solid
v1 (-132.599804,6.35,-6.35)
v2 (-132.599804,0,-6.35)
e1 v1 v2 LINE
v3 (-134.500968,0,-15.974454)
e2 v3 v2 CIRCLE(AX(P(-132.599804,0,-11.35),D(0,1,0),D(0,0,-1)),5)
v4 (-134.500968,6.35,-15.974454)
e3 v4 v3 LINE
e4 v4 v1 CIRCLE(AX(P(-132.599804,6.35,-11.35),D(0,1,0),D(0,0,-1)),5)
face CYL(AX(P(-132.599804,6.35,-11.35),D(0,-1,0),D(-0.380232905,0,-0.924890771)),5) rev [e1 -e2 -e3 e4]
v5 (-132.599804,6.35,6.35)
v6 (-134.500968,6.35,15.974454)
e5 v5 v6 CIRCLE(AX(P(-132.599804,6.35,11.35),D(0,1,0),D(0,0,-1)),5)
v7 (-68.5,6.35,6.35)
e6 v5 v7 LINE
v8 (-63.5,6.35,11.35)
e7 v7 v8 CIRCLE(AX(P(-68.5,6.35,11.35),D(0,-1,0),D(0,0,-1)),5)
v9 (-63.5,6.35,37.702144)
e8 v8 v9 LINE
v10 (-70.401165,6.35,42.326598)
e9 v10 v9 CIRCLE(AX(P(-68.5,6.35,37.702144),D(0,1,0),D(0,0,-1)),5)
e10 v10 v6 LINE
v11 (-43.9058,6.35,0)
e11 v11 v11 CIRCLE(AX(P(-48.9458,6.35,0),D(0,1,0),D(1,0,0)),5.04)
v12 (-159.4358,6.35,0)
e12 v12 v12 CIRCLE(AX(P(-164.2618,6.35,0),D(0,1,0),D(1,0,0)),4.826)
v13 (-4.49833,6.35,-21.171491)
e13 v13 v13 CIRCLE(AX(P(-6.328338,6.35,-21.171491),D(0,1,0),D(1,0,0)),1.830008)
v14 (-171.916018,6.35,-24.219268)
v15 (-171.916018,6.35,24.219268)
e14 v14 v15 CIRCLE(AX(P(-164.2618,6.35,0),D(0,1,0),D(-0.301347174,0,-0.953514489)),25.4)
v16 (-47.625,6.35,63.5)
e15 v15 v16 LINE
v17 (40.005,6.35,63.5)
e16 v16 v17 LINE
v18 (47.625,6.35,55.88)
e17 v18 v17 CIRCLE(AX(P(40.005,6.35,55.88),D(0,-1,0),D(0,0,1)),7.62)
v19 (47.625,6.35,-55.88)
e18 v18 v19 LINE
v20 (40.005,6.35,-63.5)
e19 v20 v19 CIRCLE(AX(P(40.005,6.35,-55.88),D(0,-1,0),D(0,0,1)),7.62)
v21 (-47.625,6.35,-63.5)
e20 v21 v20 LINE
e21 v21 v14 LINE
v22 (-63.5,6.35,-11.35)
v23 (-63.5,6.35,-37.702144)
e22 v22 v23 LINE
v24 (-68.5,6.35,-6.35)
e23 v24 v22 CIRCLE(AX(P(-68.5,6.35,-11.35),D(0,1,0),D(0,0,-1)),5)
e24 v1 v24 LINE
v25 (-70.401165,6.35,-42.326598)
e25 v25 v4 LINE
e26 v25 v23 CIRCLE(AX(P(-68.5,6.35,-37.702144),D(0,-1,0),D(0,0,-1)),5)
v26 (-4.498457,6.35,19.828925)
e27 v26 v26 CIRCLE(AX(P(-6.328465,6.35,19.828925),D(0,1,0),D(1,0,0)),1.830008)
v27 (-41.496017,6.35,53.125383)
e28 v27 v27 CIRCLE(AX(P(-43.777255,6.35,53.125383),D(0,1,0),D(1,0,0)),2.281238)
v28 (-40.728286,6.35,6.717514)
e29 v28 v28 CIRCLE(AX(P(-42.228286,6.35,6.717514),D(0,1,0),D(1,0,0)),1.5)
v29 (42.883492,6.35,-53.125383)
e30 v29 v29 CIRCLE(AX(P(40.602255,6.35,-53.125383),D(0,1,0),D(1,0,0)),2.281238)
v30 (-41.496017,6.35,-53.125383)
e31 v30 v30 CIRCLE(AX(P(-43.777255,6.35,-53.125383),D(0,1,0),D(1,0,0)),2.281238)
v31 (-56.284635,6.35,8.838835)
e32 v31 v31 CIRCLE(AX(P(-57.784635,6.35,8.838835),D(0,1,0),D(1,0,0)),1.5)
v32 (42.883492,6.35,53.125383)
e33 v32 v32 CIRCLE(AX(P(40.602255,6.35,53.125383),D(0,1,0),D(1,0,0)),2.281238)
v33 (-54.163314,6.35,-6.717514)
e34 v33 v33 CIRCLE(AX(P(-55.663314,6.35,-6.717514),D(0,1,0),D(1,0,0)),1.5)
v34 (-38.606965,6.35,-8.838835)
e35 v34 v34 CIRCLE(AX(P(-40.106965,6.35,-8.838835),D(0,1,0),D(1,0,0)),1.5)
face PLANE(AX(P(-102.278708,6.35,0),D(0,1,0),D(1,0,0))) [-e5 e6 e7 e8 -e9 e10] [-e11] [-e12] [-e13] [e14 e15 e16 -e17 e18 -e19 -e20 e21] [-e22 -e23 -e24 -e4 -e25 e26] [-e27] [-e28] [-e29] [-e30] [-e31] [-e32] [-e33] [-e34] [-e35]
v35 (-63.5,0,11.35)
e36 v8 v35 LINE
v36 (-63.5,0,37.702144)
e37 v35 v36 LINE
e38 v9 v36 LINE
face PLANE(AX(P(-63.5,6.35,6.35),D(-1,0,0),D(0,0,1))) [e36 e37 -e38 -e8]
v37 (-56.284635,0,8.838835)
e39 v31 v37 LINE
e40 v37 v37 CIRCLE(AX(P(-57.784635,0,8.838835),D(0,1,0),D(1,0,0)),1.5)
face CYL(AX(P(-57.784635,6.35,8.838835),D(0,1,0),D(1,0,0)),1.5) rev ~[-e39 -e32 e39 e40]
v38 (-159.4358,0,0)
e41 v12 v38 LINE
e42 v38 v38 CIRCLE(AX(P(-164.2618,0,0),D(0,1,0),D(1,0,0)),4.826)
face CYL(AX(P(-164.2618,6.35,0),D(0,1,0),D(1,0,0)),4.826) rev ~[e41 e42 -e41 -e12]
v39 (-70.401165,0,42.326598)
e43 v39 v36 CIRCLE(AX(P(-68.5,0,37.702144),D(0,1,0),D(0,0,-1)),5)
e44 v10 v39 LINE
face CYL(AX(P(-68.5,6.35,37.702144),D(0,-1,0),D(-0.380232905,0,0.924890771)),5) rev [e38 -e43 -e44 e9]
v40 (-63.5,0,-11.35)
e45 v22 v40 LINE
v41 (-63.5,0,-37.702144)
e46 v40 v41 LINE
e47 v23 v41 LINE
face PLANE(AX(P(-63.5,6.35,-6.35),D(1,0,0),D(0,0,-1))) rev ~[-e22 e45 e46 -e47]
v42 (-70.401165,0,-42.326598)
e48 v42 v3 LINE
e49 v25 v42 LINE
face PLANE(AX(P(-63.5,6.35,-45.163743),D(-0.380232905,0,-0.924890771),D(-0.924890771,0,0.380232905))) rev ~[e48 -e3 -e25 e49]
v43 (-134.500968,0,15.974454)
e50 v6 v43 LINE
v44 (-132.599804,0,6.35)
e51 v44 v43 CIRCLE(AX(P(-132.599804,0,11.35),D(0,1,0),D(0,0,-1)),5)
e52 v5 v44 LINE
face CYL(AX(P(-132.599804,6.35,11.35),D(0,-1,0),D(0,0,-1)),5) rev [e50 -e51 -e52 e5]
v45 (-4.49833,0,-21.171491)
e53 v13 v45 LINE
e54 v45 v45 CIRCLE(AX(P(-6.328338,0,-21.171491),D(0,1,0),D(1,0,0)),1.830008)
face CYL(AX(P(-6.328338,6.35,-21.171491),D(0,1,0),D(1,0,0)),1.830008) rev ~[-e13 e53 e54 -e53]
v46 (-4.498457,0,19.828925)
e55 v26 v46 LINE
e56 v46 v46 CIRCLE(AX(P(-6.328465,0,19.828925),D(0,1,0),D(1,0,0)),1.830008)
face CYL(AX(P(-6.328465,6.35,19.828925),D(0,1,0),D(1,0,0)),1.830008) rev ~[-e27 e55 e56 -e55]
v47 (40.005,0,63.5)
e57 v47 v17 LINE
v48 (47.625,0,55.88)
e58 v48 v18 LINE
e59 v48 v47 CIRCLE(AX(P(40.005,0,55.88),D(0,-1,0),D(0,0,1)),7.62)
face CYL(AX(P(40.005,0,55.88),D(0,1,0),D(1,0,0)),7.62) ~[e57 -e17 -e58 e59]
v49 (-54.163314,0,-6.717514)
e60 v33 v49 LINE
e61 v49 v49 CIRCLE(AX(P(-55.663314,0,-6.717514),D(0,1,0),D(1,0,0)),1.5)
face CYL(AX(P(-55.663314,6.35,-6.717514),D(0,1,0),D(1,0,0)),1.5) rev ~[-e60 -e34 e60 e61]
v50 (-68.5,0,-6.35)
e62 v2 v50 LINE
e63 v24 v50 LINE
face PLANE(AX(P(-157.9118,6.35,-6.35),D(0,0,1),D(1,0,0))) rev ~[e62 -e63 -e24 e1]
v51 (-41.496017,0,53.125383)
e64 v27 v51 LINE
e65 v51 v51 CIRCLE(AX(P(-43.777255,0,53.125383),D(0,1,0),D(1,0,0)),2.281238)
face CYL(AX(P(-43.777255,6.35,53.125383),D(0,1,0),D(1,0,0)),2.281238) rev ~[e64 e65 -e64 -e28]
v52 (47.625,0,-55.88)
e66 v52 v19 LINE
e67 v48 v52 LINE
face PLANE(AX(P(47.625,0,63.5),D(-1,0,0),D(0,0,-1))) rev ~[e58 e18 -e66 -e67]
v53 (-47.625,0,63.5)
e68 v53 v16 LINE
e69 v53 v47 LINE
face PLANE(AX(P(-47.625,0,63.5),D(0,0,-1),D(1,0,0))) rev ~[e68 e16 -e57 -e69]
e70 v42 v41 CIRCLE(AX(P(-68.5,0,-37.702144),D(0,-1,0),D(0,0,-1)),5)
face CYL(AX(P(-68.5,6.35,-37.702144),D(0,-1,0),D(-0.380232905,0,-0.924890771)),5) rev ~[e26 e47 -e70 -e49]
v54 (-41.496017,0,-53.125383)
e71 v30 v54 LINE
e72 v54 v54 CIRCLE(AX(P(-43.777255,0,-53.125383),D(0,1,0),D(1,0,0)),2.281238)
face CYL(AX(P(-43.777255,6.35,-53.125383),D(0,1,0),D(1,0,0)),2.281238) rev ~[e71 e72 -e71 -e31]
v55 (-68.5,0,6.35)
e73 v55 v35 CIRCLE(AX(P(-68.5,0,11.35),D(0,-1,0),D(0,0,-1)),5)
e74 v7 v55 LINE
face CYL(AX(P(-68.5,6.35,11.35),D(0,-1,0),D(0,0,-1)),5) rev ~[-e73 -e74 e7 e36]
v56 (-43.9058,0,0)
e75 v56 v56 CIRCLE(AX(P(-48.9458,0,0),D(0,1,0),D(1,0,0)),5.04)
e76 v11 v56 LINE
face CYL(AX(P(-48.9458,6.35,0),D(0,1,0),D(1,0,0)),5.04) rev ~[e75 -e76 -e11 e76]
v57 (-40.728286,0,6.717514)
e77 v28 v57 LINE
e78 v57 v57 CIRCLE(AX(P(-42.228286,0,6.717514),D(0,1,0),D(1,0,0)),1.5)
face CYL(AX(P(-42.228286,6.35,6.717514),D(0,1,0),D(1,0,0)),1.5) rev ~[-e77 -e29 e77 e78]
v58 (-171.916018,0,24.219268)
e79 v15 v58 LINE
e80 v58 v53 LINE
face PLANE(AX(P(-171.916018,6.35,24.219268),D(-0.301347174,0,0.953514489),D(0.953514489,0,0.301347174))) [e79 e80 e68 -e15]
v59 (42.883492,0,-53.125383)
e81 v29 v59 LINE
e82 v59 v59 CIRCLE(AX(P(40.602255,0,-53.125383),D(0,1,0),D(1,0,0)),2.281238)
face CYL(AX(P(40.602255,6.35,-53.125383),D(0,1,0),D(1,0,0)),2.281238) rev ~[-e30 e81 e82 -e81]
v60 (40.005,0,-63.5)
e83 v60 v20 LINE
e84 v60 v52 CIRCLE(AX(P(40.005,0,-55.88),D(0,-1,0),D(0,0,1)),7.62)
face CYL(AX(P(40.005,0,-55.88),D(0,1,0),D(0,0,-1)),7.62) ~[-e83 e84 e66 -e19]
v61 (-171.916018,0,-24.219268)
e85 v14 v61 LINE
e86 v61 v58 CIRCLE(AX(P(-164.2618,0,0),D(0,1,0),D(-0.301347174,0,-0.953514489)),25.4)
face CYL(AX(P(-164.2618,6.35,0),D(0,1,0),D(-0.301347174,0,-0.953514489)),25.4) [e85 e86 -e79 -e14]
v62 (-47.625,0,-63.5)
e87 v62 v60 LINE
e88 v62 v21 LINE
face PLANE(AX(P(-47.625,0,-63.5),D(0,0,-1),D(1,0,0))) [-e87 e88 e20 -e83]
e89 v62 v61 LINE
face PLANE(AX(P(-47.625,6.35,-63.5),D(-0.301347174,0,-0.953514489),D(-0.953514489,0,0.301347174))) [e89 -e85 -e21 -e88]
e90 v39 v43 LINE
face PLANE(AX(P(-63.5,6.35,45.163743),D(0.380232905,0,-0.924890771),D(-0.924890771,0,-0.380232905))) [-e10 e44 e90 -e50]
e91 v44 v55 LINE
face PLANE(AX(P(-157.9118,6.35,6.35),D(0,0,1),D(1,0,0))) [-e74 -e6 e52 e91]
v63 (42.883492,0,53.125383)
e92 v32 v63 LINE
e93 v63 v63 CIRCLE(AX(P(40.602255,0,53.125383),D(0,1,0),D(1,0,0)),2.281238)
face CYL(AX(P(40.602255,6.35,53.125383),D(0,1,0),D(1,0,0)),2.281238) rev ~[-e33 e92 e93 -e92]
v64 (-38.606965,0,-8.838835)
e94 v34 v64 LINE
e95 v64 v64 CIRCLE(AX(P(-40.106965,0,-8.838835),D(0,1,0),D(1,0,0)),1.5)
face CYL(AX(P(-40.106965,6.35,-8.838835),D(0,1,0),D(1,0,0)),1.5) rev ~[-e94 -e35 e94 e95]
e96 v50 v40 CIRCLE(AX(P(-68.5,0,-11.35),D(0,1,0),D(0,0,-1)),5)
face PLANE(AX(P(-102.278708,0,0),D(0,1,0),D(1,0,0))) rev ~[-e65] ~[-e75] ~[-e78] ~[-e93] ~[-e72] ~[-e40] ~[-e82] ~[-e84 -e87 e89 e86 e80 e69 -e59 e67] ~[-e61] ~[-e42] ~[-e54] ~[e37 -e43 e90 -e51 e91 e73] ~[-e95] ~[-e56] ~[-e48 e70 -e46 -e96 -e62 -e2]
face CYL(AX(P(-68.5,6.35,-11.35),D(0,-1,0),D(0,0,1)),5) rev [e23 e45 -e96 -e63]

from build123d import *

# Parameters (mm, degrees)
SKETCH1_W           = 95.25
SKETCH1_H           = 127
BOSS_EXTRUDE1_DEPTH = 6.35
BOSS_EXTRUDE3_DEPTH = 6.35
SKETCH5_R           = 4.826
SKETCH5_R_2         = 5.039999953
SKETCH5_R_3         = 1.5
CUT_EXTRUDE1_DEPTH  = 7.35
CUT_EXTRUDE2_DEPTH  = 7.35
FILLET9_R           = 5
FILLET10_R          = 7.62
SKETCH7_R           = 2.2812375
CUT_EXTRUDE3_DEPTH  = 7.35
SKETCH8_R           = 1.830008083
CUT_EXTRUDE4_DEPTH  = 7.35


with BuildPart() as part:
    # Sketch1 → Boss-Extrude1 (new body)
    with BuildSketch(Plane(origin=(0, 0, 0), x_dir=(1, 0, 0), z_dir=(0, 1, 0))):
        Rectangle(SKETCH1_W, SKETCH1_H)
    extrude(amount=BOSS_EXTRUDE1_DEPTH)

    # Sketch4 → Boss-Extrude3 (add)
    with BuildSketch(Plane(origin=(0, 6.35, 0), x_dir=(1, 0, 0), z_dir=(0, 1, 0))):
        with BuildLine():
            Line((-47.625, 63.5), (-171.916018217, 24.219268021))
            ThreePointArc((-171.916018217, 24.219268021), (-189.6618, 0), (-171.916018217, -24.219268021))
            Line((-171.916018217, -24.219268021), (-47.625, -63.5))
            Line((-47.625, -63.5), (-47.625, 63.5))
        make_face()
    extrude(amount=-BOSS_EXTRUDE3_DEPTH)

    # Sketch5 → Cut-Extrude1 (cut, through all)
    with BuildSketch(Plane(origin=(0, 6.35, 0), x_dir=(1, 0, 0), z_dir=(0, 1, 0))):
        with Locations((-164.2618, 0)):
            Circle(SKETCH5_R)
        with Locations((-48.9458, 0)):
            Circle(SKETCH5_R_2)
        with Locations((-40.106965235, 8.838834765)):
            Circle(SKETCH5_R_3)
        with Locations((-57.784634765, -8.838834765)):
            Circle(SKETCH5_R_3)
        with Locations((-55.663314421, 6.717514421)):
            Circle(SKETCH5_R_3)
        with Locations((-42.228285579, -6.717514421)):
            Circle(SKETCH5_R_3)
    extrude(amount=-CUT_EXTRUDE1_DEPTH, mode=Mode.SUBTRACT)

    # Sketch6 → Cut-Extrude2 (cut, through all)
    with BuildSketch(Plane(origin=(0, 6.35, 0), x_dir=(1, 0, 0), z_dir=(0, 1, 0))):
        Polygon((-63.5, 45.163743355), (-157.9118, 6.35), (-63.5, 6.35), align=None)
        Polygon((-63.5, -6.35), (-63.5, -45.163743355), (-157.9118, -6.35), align=None)
    extrude(amount=-CUT_EXTRUDE2_DEPTH, mode=Mode.SUBTRACT)

    # Fillet9
    fillet9_edges = [part.edges().sort_by_distance(p)[0] for p in [
        (-63.5, 3.175, -45.163743355),
        (-63.5, 3.175, -6.35),
        (-157.9118, 3.175, -6.35),
        (-157.9118, 3.175, 6.35),
        (-63.5, 3.175, 6.35),
        (-63.5, 3.175, 45.163743355),
    ]]
    fillet(fillet9_edges, radius=FILLET9_R)

    # Fillet10
    fillet10_edges = [part.edges().sort_by_distance(p)[0] for p in [
        (47.625, 3.175, 63.5),
        (47.625, 3.175, -63.5),
    ]]
    fillet(fillet10_edges, radius=FILLET10_R)

    # Sketch7 → Cut-Extrude3 (cut, through all)
    with BuildSketch(Plane(origin=(0, 6.35, 0), x_dir=(1, 0, 0), z_dir=(0, 1, 0))):
        with Locations((-43.777254611, -53.125383493)):
            Circle(SKETCH7_R)
        with Locations((-43.777254611, 53.125383493)):
            Circle(SKETCH7_R)
        with Locations((40.602254611, 53.125383493)):
            Circle(SKETCH7_R)
        with Locations((40.602254611, -53.125383493)):
            Circle(SKETCH7_R)
    extrude(amount=-CUT_EXTRUDE3_DEPTH, mode=Mode.SUBTRACT)

    # Sketch8 → Cut-Extrude4 (cut, through all)
    with BuildSketch(Plane(origin=(0, 6.35, 0), x_dir=(1, 0, 0), z_dir=(0, 1, 0))):
        with Locations((-6.328465047, -19.828924843)):
            Circle(SKETCH8_R)
        with Locations((-6.328338046, 21.171490961)):
            Circle(SKETCH8_R)
    extrude(amount=-CUT_EXTRUDE4_DEPTH, mode=Mode.SUBTRACT)


solid = part.part
